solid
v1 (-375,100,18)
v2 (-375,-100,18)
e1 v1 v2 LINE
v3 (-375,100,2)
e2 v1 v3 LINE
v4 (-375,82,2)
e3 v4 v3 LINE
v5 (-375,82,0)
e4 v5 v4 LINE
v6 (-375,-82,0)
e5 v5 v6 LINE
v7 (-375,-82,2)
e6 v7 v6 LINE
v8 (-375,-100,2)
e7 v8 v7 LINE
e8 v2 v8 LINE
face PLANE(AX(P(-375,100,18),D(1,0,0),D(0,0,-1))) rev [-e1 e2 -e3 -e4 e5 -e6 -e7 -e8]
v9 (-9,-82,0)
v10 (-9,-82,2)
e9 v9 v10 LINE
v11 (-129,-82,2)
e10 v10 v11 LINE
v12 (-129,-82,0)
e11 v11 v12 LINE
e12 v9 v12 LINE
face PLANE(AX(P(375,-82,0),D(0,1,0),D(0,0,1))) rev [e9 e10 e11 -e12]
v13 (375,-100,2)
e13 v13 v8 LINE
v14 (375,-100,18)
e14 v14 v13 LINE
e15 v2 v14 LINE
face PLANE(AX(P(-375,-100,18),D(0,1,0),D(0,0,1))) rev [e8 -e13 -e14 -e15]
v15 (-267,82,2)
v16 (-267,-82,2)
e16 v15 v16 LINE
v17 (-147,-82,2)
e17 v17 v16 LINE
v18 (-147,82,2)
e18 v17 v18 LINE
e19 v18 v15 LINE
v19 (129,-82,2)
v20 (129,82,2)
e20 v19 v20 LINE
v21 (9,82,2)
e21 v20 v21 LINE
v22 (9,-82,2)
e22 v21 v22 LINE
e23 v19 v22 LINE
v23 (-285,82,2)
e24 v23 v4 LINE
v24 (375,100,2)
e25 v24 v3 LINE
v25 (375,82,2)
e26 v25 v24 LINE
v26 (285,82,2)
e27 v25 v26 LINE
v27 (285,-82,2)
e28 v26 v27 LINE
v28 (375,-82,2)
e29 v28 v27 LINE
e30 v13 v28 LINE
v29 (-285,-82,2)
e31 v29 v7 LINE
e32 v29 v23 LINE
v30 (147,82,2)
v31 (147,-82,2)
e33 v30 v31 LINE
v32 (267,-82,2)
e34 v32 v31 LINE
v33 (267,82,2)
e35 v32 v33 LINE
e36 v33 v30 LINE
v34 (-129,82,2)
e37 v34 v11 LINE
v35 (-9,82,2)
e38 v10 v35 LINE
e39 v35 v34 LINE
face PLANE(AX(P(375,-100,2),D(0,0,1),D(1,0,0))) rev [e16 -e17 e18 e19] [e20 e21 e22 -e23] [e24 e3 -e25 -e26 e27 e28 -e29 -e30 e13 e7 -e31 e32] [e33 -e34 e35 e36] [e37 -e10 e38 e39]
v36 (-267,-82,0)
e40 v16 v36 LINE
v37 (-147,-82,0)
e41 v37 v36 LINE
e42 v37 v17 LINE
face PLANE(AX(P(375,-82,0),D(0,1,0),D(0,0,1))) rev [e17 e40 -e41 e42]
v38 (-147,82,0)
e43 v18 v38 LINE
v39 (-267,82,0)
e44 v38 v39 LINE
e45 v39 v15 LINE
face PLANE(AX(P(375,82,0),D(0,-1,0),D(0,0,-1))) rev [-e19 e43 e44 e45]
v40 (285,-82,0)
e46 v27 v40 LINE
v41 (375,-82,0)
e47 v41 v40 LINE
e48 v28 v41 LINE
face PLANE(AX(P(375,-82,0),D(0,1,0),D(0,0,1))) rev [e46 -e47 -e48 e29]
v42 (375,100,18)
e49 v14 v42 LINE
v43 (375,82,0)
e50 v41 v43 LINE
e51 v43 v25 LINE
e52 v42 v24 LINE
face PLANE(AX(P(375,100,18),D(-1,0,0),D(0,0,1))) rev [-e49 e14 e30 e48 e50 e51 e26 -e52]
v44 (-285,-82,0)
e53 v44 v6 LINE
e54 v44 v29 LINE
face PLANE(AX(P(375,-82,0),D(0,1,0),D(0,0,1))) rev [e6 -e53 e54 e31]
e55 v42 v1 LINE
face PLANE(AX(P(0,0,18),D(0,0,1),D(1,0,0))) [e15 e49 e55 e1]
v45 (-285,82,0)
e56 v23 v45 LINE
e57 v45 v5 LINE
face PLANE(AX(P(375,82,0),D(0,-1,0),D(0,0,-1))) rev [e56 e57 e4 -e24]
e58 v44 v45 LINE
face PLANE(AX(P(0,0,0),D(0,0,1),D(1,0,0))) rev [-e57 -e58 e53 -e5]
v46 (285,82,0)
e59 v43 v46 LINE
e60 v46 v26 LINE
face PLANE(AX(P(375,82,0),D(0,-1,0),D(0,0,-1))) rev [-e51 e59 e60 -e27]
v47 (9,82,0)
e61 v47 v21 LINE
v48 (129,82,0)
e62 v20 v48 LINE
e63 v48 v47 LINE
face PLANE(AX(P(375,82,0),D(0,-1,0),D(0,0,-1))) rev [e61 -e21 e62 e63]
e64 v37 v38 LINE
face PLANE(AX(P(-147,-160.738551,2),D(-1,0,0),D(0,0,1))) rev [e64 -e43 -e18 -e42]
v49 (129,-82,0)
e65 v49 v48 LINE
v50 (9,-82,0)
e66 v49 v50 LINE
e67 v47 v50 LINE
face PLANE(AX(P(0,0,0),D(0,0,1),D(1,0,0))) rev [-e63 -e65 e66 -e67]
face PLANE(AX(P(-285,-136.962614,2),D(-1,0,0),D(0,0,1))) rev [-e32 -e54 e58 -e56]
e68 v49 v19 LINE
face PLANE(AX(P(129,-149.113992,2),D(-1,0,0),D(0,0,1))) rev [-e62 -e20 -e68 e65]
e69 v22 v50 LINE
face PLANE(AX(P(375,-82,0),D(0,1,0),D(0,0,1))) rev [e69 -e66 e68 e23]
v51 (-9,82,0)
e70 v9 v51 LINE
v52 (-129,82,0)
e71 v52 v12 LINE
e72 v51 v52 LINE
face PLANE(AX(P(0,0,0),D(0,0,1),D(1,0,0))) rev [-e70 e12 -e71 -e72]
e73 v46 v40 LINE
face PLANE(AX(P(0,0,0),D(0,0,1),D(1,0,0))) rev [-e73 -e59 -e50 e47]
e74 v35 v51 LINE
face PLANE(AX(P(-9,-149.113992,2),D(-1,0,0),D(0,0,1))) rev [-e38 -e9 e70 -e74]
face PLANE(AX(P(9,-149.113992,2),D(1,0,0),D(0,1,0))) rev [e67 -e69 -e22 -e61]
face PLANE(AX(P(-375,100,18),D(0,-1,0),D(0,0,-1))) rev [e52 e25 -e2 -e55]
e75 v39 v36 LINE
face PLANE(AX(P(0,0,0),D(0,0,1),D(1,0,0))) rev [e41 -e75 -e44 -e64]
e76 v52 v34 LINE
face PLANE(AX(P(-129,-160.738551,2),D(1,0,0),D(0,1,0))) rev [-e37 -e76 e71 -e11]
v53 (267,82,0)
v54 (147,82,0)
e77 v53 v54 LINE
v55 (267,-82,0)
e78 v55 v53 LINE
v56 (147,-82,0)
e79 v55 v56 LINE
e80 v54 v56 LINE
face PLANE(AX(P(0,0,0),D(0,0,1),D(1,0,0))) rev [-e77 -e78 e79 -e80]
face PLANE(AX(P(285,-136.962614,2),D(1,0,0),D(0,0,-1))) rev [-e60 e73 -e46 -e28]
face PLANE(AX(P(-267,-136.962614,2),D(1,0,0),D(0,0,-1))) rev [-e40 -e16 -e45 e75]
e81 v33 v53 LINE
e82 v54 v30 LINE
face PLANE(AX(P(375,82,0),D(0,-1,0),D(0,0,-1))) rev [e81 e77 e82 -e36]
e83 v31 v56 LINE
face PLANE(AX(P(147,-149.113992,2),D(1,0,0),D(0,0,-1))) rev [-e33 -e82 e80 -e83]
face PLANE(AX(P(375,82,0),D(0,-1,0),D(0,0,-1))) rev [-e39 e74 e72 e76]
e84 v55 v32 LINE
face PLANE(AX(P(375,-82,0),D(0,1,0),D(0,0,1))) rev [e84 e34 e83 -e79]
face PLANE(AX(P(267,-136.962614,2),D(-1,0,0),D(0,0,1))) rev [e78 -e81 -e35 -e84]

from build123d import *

# Parameters (mm, degrees)
SKETCH1_W           = 750
SKETCH1_H           = 200
BOSS_EXTRUDE1_DEPTH = 18
SKETCH2_W           = 2
SKETCH2_H           = 18
CUT_EXTRUDE3_DEPTH  = 757.851372464
SKETCH3_W           = 18
SKETCH3_H           = 328.758100902
SKETCH3_H_2         = 372.829020194
SKETCH3_H_3         = 369.502918338
SKETCH3_H_4         = 384.006512989
SKETCH3_H_5         = 390.144460662
CUT_EXTRUDE4_DEPTH  = 2


with BuildPart() as part:
    # Sketch1 → Boss-Extrude1 (new body)
    with BuildSketch(Plane.XY):
        Rectangle(SKETCH1_W, SKETCH1_H)
    extrude(amount=BOSS_EXTRUDE1_DEPTH)

    # Sketch2 → Cut-Extrude3 (cut, through all)
    with BuildSketch(Plane.ZY.offset(375)):
        with Locations((1, -91)):
            Rectangle(SKETCH2_W, SKETCH2_H)
        with Locations((1, 91)):
            Rectangle(SKETCH2_W, SKETCH2_H)
    extrude(amount=-CUT_EXTRUDE3_DEPTH, mode=Mode.SUBTRACT)

    # Sketch3 → Cut-Extrude4 (cut)
    with BuildSketch(Plane(origin=(0, 0, 0), x_dir=(-1, 0, 0), z_dir=(0, 0, -1))):
        with Locations((276, 27.416436842)):
            Rectangle(SKETCH3_W, SKETCH3_H)
        with Locations((138, 25.675959121)):
            Rectangle(SKETCH3_W, SKETCH3_H_2)
        with Locations((0, 35.637467242)):
            Rectangle(SKETCH3_W, SKETCH3_H_3)
        with Locations((-138, 42.889264568)):
            Rectangle(SKETCH3_W, SKETCH3_H_4)
        with Locations((-276, 58.109616722)):
            Rectangle(SKETCH3_W, SKETCH3_H_5)
    extrude(amount=-CUT_EXTRUDE4_DEPTH, mode=Mode.SUBTRACT)


solid = part.part
